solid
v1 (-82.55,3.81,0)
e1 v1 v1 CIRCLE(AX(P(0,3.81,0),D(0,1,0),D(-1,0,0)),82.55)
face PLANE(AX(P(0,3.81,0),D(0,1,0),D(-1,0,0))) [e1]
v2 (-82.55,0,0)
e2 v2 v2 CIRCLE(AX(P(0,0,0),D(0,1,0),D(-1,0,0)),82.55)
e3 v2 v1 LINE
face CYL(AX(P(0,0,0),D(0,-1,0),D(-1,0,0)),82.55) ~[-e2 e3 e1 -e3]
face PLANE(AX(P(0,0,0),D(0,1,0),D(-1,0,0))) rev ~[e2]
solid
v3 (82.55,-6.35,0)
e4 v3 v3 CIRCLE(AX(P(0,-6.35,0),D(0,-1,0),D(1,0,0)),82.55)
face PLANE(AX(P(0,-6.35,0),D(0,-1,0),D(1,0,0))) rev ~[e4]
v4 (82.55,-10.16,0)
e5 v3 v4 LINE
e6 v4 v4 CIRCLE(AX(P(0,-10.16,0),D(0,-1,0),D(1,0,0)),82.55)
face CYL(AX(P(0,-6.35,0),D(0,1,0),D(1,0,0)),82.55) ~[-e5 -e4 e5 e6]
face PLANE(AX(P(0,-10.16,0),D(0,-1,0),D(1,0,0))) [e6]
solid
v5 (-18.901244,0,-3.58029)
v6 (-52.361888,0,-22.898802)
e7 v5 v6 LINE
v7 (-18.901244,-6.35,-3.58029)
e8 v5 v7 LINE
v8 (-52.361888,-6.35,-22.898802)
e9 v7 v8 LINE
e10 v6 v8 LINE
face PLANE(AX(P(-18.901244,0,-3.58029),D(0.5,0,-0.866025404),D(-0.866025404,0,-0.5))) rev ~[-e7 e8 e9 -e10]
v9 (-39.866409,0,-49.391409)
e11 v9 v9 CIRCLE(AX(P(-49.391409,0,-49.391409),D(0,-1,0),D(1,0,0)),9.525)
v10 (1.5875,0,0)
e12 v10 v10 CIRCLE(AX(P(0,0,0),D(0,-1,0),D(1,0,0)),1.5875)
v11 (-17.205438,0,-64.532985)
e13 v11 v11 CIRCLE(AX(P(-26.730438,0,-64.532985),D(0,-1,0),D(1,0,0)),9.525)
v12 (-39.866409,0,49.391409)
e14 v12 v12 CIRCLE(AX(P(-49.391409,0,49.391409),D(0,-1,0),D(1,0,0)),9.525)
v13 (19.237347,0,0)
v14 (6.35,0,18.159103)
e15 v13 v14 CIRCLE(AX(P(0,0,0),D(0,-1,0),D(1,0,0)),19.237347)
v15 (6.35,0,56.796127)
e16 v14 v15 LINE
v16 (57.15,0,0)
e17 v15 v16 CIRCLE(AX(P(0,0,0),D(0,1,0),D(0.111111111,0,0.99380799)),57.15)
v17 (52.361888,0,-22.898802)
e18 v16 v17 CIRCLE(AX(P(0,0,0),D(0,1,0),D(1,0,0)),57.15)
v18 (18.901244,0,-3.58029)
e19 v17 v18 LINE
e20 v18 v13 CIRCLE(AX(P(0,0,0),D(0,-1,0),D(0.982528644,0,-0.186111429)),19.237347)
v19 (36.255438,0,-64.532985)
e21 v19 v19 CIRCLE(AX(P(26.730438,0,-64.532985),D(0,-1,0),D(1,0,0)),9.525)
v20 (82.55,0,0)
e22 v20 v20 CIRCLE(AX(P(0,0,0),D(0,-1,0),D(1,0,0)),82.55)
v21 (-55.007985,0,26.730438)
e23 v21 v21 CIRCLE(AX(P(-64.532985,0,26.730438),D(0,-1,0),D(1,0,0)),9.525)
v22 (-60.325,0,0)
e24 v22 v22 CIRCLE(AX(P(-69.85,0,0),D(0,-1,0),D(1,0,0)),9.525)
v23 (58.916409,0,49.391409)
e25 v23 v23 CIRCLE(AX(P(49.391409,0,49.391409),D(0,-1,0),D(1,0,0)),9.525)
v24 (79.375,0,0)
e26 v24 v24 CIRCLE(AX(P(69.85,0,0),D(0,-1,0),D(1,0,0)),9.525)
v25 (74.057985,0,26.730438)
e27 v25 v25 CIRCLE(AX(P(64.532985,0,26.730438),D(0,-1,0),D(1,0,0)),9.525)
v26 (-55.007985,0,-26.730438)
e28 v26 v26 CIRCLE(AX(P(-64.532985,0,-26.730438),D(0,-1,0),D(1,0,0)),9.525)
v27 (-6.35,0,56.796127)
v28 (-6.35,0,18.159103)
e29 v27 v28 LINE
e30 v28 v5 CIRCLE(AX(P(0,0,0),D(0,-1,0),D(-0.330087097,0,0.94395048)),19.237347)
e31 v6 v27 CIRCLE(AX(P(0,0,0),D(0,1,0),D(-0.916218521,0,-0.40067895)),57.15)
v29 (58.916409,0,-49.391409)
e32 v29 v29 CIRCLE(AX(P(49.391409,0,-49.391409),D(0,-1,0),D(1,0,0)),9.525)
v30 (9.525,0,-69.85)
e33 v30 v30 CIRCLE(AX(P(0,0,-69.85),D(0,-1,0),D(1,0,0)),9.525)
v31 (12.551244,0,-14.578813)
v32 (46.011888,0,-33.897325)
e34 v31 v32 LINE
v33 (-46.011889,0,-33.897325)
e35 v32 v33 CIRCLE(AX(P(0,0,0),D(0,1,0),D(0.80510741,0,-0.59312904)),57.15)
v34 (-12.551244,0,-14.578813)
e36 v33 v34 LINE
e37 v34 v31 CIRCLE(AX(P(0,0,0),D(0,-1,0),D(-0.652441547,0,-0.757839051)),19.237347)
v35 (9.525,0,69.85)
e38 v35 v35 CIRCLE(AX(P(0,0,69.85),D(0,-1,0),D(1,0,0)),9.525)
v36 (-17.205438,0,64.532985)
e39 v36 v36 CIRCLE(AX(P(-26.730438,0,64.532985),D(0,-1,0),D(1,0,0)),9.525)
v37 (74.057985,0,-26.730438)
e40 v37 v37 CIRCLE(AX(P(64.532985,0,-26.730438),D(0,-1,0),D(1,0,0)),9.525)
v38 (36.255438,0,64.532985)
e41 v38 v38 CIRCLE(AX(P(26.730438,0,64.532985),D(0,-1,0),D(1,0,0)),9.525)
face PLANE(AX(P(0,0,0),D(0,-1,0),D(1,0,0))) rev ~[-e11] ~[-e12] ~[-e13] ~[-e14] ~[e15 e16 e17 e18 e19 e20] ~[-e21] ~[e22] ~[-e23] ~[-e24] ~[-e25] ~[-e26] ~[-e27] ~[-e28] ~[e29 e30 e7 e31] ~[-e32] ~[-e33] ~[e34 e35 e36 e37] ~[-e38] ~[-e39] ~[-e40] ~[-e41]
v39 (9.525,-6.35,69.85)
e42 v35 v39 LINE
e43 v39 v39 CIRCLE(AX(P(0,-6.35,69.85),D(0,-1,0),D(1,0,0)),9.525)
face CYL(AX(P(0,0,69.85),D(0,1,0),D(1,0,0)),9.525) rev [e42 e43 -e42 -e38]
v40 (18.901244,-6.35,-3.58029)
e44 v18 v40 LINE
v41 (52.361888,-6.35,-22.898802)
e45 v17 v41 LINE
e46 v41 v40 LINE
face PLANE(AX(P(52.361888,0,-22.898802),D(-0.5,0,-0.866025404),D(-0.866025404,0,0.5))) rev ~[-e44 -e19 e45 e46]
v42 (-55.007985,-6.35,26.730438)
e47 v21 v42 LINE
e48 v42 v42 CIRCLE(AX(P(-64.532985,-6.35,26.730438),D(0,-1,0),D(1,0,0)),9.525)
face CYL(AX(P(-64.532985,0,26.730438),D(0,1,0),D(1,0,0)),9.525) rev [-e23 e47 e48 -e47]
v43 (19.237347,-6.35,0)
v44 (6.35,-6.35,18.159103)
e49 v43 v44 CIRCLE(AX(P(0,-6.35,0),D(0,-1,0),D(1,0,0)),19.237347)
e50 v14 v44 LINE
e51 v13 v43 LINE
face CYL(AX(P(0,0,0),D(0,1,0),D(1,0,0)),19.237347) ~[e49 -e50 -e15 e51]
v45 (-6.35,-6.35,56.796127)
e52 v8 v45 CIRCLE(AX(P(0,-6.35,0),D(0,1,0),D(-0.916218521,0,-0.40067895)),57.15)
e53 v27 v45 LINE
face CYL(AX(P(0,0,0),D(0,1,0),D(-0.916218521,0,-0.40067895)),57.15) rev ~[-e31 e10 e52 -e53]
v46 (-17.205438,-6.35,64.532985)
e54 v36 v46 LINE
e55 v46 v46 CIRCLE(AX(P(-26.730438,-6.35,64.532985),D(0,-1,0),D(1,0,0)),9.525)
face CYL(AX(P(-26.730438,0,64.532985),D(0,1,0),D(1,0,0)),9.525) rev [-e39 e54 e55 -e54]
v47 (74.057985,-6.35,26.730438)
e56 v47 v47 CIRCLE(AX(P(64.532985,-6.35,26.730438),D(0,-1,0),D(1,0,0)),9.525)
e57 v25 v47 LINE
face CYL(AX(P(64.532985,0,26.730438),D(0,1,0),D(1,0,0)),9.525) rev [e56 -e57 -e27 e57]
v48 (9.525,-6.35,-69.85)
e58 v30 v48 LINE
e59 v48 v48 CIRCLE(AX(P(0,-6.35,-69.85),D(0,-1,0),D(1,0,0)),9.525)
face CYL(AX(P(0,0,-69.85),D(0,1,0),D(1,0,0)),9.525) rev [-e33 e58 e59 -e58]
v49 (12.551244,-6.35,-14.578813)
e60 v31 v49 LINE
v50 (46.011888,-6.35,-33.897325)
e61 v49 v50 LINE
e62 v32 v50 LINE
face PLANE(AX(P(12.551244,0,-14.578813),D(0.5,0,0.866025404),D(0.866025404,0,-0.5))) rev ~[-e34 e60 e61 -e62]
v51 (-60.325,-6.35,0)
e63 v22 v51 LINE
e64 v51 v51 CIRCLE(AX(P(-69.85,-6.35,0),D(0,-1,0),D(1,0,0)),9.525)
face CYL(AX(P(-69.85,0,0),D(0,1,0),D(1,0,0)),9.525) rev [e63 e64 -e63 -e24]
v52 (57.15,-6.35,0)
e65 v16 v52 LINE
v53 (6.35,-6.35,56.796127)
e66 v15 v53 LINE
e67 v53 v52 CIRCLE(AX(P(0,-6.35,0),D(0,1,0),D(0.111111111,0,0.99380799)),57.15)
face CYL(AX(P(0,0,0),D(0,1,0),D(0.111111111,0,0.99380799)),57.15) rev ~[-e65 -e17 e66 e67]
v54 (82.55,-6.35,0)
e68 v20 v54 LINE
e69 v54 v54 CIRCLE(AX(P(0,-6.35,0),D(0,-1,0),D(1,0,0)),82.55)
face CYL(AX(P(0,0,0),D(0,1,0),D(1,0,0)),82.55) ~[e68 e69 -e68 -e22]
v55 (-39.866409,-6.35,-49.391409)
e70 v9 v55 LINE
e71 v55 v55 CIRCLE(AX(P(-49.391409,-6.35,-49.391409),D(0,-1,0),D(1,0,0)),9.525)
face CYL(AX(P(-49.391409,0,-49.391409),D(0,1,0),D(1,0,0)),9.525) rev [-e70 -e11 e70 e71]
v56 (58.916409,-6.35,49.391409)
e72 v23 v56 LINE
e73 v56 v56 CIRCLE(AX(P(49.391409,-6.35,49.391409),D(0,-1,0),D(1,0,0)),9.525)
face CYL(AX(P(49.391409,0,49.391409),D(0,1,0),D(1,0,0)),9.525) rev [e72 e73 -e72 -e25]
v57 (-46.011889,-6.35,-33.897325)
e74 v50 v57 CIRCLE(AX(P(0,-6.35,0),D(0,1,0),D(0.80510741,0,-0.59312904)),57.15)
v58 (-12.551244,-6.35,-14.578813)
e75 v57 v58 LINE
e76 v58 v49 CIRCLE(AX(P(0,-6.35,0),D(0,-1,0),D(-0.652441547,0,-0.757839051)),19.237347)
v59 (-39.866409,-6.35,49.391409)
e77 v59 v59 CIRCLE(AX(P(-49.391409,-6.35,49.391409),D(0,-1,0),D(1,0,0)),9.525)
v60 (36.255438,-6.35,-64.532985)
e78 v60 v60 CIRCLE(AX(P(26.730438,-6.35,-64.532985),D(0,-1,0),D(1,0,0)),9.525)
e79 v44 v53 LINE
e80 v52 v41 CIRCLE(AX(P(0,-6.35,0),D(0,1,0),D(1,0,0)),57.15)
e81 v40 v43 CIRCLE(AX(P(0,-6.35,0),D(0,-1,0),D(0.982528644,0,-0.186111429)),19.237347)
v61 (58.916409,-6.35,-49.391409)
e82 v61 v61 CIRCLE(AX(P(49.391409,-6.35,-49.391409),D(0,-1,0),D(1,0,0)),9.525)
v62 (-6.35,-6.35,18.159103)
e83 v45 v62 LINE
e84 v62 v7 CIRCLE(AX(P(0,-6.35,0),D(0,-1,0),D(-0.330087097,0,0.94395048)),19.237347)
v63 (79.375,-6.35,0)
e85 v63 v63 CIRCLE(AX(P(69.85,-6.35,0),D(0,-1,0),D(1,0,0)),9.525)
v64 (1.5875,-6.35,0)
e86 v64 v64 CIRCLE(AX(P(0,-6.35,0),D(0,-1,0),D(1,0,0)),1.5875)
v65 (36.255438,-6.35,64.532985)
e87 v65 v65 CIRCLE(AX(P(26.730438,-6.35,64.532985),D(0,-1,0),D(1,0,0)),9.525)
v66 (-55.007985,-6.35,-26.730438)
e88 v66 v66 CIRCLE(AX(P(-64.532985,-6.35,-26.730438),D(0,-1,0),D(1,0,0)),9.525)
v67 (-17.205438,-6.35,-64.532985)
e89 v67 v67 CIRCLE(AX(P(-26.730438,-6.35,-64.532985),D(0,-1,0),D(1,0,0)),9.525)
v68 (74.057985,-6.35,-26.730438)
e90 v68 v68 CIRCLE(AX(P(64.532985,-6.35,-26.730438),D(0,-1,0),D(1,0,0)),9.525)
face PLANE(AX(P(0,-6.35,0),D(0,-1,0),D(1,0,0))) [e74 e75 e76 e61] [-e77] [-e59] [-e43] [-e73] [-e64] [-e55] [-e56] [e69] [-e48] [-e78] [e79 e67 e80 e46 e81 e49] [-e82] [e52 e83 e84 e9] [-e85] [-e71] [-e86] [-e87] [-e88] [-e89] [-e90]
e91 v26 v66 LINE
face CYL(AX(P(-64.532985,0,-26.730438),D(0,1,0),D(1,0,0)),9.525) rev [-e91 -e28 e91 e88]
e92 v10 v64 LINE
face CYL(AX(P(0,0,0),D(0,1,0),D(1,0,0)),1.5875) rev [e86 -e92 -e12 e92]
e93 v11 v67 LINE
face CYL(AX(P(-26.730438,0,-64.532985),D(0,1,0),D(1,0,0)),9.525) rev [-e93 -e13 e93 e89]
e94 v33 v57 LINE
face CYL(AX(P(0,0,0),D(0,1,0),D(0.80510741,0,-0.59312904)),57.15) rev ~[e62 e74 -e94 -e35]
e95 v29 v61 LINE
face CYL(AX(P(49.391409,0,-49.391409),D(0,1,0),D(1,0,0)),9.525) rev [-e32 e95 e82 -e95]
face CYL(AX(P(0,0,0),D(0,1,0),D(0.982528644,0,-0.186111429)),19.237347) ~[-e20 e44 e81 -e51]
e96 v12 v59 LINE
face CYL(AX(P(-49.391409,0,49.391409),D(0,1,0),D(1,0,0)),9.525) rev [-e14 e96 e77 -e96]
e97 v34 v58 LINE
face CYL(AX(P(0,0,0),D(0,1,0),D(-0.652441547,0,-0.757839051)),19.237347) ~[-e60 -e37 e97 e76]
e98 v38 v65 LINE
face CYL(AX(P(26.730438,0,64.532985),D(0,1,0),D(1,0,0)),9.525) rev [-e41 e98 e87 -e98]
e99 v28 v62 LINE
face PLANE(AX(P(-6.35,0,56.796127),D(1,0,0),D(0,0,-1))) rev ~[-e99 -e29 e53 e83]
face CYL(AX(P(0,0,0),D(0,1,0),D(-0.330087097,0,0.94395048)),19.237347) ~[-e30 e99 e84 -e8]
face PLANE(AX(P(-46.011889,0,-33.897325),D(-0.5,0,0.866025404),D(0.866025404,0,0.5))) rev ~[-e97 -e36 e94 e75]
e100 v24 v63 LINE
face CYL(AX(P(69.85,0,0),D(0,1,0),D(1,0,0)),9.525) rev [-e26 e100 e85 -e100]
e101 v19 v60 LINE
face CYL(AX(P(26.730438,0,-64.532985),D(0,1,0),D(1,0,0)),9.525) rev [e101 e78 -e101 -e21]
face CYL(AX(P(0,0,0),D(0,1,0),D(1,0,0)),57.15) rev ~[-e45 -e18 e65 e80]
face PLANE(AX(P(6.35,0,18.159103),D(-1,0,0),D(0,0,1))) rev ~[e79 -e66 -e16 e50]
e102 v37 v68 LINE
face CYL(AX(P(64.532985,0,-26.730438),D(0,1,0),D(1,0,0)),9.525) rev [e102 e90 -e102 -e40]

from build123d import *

# Parameters (mm, degrees)
F0_R     = 82.55
F0_R_2   = 9.525
F0_R_3   = 1.5875
F1_DEPTH = 6.35
F2_R     = 1.5875
F3_DEPTH = 25.4
F4_R     = 82.55
F5_DEPTH = 3.81
F6_R     = 82.55
F7_DEPTH = 3.81


with BuildPart() as f1:
    # F0 (on Front) → F1 (new body)
    with BuildSketch(Plane.XZ):
        Circle(F0_R)
        with Locations((-49.3914086659, -49.3914086659)):
            Circle(F0_R_2, mode=Mode.SUBTRACT)
        with Locations((-26.7304377507, -64.5329853459)):
            Circle(F0_R_2, mode=Mode.SUBTRACT)
        with Locations((-64.5329853459, -26.7304377507)):
            Circle(F0_R_2, mode=Mode.SUBTRACT)
        with Locations((0, -69.85)):
            Circle(F0_R_2, mode=Mode.SUBTRACT)
        with Locations((26.7304377507, -64.5329853459)):
            Circle(F0_R_2, mode=Mode.SUBTRACT)
        with Locations((49.3914086659, -49.3914086659)):
            Circle(F0_R_2, mode=Mode.SUBTRACT)
        with Locations((64.5329853459, -26.7304377507)):
            Circle(F0_R_2, mode=Mode.SUBTRACT)
        with Locations((-69.85, 0)):
            Circle(F0_R_2, mode=Mode.SUBTRACT)
        with Locations((-64.5329853459, 26.7304377507)):
            Circle(F0_R_2, mode=Mode.SUBTRACT)
        with Locations((-49.3914086659, 49.3914086659)):
            Circle(F0_R_2, mode=Mode.SUBTRACT)
        with Locations((-26.7304377507, 64.5329853459)):
            Circle(F0_R_2, mode=Mode.SUBTRACT)
        with BuildLine():
            ThreePointArc((6.35, 56.7961266285), (42.5970949714, 38.1), (57.15, 0))
            ThreePointArc((57.15, 0), (55.9401663647, -11.6970204363), (52.3618884659, -22.898802071))
            ThreePointArc((52.3618884659, -22.898802071), (49.493351807, -28.5750000334), (46.0118884968, -33.8973246283))
            ThreePointArc((46.0118884968, -33.8973246283), (-3.86e-08, -57.15), (-46.0118885426, -33.8973245661))
            ThreePointArc((-46.0118885426, -33.8973245661), (-49.4933518456, -28.5749999666), (-52.3618884968, -22.8988020002))
            ThreePointArc((-52.3618884968, -22.8988020002), (-49.493351807, 28.5750000334), (-6.3499999233, 56.7961266371))
            ThreePointArc((-6.3499999233, 56.7961266371), (3.86e-08, 57.15), (6.35, 56.7961266285))
        make_face(mode=Mode.SUBTRACT)
        with Locations((69.85, 0)):
            Circle(F0_R_2, mode=Mode.SUBTRACT)
        with Locations((64.5329853459, 26.7304377507)):
            Circle(F0_R_2, mode=Mode.SUBTRACT)
        with Locations((0, 69.85)):
            Circle(F0_R_2, mode=Mode.SUBTRACT)
        with Locations((26.7304377507, 64.5329853459)):
            Circle(F0_R_2, mode=Mode.SUBTRACT)
        with Locations((49.3914086659, 49.3914086659)):
            Circle(F0_R_2, mode=Mode.SUBTRACT)
        with BuildLine():
            ThreePointArc((19.2373467175, 0), (15.6880951741, 11.133695637), (6.35, 18.1591026411))
            ThreePointArc((6.35, 18.1591026411), (4.06e-08, 19.2373467175), (-6.3499999233, 18.1591026679))
            ThreePointArc((-6.3499999233, 18.1591026679), (-16.6600309384, 9.6186733939), (-18.9012441971, -3.5802900065))
            ThreePointArc((-18.9012441971, -3.5802900065), (-16.6600309791, -9.6186733235), (-12.5512442587, -14.5788125815))
            ThreePointArc((-12.5512442587, -14.5788125815), (-4.06e-08, -19.2373467175), (12.5512441971, -14.5788126346))
            ThreePointArc((12.5512441971, -14.5788126346), (16.6600309384, -9.6186733939), (18.901244182, -3.5802900864))
            ThreePointArc((18.901244182, -3.5802900864), (19.1531367725, -1.798015713), (19.2373467175, 0))
        make_face()
        Circle(F0_R_3, mode=Mode.SUBTRACT)
        with BuildLine():
            Line((6.35, 18.1591026411), (6.35, 56.7961266285))
            ThreePointArc((6.35, 56.7961266285), (3.86e-08, 57.15), (-6.3499999233, 56.7961266371))
            Line((-6.3499999233, 56.7961266371), (-6.3499999233, 18.1591026679))
            ThreePointArc((-6.3499999233, 18.1591026679), (4.06e-08, 19.2373467175), (6.35, 18.1591026411))
        make_face()
        with BuildLine():
            Line((-18.9012441971, -3.5802900065), (-52.3618884968, -22.8988020002))
            ThreePointArc((-52.3618884968, -22.8988020002), (-49.4933518456, -28.5749999666), (-46.0118885426, -33.8973245661))
            Line((-46.0118885426, -33.8973245661), (-12.5512442587, -14.5788125815))
            ThreePointArc((-12.5512442587, -14.5788125815), (-16.6600309791, -9.6186733235), (-18.9012441971, -3.5802900065))
        make_face()
        with BuildLine():
            ThreePointArc((46.0118884968, -33.8973246283), (49.493351807, -28.5750000334), (52.3618884659, -22.898802071))
            Line((52.3618884659, -22.898802071), (18.901244182, -3.5802900864))
            ThreePointArc((18.901244182, -3.5802900864), (16.6600309384, -9.6186733939), (12.5512441971, -14.5788126346))
            Line((12.5512441971, -14.5788126346), (46.0118884968, -33.8973246283))
        make_face()
    extrude(amount=F1_DEPTH)

    # F2 (on face) → F3 (cut)
    with BuildSketch(Plane.XZ.offset(6.35)):
        Circle(F2_R)
    extrude(amount=-F3_DEPTH, mode=Mode.SUBTRACT)


with BuildPart() as f5:
    # F4 (on face) → F5 (new body)
    with BuildSketch(Plane.XZ.offset(6.35)):
        Circle(F4_R)
    extrude(amount=F5_DEPTH)


with BuildPart() as f7:
    # F6 (on face) → F7 (new body)
    with BuildSketch(Plane(origin=(0, 0, 0), x_dir=(-1, 0, 0), z_dir=(0, 1, 0))):
        Circle(F6_R)
    extrude(amount=F7_DEPTH)


solid = Compound([f1.part, f5.part, f7.part])
